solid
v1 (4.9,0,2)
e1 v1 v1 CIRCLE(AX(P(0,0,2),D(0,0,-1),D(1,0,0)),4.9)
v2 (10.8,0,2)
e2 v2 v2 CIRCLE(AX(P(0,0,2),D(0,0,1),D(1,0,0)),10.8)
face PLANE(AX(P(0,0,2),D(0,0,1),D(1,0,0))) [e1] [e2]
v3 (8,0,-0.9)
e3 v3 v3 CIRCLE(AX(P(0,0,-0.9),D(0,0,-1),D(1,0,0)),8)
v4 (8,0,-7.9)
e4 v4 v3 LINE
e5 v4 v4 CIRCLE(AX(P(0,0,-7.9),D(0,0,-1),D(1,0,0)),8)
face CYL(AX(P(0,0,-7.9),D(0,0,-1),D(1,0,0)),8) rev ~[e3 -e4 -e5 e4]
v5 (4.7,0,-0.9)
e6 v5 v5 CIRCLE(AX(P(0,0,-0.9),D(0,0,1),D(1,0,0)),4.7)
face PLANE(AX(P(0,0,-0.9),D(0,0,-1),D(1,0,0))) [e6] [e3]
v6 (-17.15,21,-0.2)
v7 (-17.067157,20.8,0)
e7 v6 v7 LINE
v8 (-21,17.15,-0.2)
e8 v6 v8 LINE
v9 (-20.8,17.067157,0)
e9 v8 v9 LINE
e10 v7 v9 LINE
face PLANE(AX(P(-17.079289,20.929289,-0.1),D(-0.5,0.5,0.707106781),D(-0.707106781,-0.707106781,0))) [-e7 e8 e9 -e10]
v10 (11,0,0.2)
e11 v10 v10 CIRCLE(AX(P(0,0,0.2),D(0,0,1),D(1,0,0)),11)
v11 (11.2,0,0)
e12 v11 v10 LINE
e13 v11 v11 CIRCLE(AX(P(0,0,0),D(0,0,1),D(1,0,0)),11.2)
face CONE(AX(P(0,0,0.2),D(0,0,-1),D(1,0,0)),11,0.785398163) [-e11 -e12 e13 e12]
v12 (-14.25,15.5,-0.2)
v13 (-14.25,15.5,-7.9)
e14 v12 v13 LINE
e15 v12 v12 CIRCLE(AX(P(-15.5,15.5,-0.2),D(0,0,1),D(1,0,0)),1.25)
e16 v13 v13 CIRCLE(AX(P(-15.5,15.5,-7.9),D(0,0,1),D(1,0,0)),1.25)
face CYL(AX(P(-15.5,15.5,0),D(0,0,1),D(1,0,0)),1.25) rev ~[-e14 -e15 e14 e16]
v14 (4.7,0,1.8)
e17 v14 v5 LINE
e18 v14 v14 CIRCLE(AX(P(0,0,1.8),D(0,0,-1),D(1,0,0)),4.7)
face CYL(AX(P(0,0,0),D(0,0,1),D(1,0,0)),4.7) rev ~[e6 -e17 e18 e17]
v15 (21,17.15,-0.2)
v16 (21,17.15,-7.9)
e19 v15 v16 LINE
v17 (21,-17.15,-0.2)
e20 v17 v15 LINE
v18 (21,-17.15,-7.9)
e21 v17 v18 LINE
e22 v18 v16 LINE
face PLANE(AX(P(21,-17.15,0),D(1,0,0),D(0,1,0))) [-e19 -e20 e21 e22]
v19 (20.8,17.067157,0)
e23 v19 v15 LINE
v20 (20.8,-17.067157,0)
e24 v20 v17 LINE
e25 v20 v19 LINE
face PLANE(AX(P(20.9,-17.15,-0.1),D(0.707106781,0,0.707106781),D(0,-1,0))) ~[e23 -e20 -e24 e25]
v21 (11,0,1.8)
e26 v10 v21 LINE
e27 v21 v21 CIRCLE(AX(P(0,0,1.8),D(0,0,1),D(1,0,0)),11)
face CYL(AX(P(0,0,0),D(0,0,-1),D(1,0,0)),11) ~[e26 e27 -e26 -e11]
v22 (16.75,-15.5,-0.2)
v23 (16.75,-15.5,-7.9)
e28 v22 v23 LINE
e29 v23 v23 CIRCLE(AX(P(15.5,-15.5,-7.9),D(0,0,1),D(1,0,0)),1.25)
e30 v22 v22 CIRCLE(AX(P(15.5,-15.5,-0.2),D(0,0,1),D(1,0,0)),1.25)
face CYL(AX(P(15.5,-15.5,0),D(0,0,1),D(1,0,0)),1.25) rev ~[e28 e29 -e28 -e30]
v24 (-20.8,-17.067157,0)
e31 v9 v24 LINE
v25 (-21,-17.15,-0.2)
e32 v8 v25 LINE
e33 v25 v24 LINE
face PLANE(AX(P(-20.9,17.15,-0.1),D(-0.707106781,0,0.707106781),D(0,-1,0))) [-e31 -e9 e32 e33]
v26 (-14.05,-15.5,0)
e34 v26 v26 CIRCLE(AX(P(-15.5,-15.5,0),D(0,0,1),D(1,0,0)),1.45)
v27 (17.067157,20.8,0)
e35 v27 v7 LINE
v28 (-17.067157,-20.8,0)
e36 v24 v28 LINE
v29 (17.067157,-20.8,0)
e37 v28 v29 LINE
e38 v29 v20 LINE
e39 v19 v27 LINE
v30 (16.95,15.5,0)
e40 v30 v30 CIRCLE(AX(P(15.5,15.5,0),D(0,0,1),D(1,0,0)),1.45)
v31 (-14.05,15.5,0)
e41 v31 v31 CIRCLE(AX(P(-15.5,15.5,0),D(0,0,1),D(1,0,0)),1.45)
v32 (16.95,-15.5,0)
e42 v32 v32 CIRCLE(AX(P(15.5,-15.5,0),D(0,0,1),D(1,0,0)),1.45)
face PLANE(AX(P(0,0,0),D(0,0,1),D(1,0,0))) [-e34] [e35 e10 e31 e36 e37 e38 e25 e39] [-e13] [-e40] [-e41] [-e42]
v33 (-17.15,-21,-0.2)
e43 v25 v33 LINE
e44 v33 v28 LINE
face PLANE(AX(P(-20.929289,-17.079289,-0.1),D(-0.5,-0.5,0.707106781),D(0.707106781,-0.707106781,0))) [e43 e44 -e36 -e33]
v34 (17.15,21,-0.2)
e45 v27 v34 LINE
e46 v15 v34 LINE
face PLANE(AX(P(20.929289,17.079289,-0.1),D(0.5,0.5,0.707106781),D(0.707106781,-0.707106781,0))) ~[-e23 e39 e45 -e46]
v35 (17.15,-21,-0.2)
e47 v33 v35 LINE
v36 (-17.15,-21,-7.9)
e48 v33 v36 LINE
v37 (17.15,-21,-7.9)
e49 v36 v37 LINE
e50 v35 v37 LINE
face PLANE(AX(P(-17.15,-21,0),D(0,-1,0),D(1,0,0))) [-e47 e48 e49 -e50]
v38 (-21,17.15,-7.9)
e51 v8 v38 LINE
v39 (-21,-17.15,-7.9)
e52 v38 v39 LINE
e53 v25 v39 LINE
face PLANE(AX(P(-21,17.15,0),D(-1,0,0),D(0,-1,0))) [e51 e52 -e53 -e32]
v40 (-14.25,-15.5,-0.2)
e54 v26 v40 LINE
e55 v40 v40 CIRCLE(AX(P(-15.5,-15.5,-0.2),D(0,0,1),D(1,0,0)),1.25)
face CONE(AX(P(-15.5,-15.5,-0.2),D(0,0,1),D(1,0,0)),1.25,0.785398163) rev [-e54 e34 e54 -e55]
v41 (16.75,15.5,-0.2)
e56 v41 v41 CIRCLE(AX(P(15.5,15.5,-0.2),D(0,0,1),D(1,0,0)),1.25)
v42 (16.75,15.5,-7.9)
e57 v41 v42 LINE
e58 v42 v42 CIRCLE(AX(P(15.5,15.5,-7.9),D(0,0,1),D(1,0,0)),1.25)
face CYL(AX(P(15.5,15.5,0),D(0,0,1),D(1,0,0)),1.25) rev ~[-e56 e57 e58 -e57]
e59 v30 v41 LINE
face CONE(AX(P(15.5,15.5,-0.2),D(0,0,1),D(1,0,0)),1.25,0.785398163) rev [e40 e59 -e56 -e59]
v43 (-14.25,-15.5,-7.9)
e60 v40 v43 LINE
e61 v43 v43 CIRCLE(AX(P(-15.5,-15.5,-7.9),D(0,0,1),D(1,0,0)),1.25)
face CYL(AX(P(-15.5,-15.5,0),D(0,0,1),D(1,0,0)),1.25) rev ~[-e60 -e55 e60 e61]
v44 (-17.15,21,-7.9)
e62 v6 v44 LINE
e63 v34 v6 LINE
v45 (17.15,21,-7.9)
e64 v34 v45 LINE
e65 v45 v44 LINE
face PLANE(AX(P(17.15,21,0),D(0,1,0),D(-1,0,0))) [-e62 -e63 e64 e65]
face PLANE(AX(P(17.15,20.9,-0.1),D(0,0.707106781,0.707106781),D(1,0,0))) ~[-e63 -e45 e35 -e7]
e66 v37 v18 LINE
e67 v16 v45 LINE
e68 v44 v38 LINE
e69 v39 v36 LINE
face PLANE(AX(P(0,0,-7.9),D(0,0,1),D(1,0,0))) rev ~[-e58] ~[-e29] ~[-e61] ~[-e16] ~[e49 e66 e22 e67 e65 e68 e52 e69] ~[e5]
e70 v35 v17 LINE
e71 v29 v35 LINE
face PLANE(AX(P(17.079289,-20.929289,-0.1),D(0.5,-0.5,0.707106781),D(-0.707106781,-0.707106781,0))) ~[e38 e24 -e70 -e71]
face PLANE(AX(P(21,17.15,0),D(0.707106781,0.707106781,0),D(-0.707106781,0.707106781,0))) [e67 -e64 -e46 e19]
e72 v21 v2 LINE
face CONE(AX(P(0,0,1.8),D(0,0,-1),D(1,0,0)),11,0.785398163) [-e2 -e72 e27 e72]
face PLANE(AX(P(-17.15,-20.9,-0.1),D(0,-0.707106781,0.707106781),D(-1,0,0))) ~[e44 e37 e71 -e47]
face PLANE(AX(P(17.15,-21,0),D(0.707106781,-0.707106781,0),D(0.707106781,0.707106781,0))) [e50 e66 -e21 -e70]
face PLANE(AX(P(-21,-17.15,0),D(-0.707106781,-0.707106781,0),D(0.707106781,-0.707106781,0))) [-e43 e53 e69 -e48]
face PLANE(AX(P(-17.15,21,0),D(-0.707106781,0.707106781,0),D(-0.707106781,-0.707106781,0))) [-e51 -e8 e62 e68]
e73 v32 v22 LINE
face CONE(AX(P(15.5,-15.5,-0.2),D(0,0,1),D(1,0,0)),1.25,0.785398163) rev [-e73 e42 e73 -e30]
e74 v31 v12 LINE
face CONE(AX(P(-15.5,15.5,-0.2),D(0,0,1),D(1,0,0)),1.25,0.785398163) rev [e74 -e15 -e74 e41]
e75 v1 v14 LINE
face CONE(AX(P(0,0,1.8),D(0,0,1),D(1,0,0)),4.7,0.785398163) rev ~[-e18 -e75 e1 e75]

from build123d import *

# Parameters (mm, degrees)
SKETCH_R          = 11
PAD_DEPTH         = 2
PAD001_DEPTH      = 7.9
SKETCH002_R       = 4.7
POCKET_DEPTH      = 7.901
POCKET_DEPTH_BACK = 2.001
SKETCH003_R       = 1.25
HOLE_DEPTH        = 7.901
SKETCH004_R       = 8
POCKET001_DEPTH   = 7
CHAMFER_SIZE      = 0.2


with BuildPart() as part:
    # Sketch → Pad (new body)
    with BuildSketch(Plane.XY):
        Circle(SKETCH_R)
    extrude(amount=PAD_DEPTH)

    # Sketch001 → Pad001 (join)
    with BuildSketch(Plane.XY):
        Polygon((-21, 17.15), (-21, -17.15), (-17.15, -21), (17.15, -21), (21, -17.15), (21, 17.15), (17.15, 21), (-17.15, 21), align=None)
    extrude(amount=-PAD001_DEPTH)

    # Sketch002 → Pocket (cut, two sides)
    with BuildSketch(Plane.XY) as pocket_sk:
        Circle(SKETCH002_R)
    extrude(amount=-POCKET_DEPTH, mode=Mode.SUBTRACT)
    extrude(pocket_sk.sketch, amount=POCKET_DEPTH_BACK, mode=Mode.SUBTRACT)

    # Sketch003 → Hole (cut, through all)
    with BuildSketch(Plane.XY):
        with Locations((-15.5, 15.5)):
            Circle(SKETCH003_R)
        with Locations((15.5, 15.5)):
            Circle(SKETCH003_R)
        with Locations((15.5, -15.5)):
            Circle(SKETCH003_R)
        with Locations((-15.5, -15.5)):
            Circle(SKETCH003_R)
    extrude(amount=-HOLE_DEPTH, mode=Mode.SUBTRACT)

    # Sketch004 → Pocket001 (cut)
    with BuildSketch(Plane(origin=(0, 0, -7.9), x_dir=(1, 0, 0), z_dir=(0, 0, -1))):
        Circle(SKETCH004_R)
    extrude(amount=-POCKET001_DEPTH, mode=Mode.SUBTRACT)

    # Chamfer
    chamfer_edges = [part.edges().sort_by_distance(p)[0] for p in [
        (-21, 0, 0),
        (-19.075, 19.075, 0),
        (-19.075, -19.075, 0),
        (0, 21, 0),
        (0, -21, 0),
        (19.075, 19.075, 0),
        (19.075, -19.075, 0),
        (21, 0, 0),
        (-16.75, -15.5, 0),
        (-16.75, 15.5, 0),
        (-11, 0, 0),
        (14.25, 15.5, 0),
        (14.25, -15.5, 0),
        (-11, 0, 2),
        (-4.7, 0, 2),
    ]]
    chamfer(chamfer_edges, length=CHAMFER_SIZE)


solid = part.part
